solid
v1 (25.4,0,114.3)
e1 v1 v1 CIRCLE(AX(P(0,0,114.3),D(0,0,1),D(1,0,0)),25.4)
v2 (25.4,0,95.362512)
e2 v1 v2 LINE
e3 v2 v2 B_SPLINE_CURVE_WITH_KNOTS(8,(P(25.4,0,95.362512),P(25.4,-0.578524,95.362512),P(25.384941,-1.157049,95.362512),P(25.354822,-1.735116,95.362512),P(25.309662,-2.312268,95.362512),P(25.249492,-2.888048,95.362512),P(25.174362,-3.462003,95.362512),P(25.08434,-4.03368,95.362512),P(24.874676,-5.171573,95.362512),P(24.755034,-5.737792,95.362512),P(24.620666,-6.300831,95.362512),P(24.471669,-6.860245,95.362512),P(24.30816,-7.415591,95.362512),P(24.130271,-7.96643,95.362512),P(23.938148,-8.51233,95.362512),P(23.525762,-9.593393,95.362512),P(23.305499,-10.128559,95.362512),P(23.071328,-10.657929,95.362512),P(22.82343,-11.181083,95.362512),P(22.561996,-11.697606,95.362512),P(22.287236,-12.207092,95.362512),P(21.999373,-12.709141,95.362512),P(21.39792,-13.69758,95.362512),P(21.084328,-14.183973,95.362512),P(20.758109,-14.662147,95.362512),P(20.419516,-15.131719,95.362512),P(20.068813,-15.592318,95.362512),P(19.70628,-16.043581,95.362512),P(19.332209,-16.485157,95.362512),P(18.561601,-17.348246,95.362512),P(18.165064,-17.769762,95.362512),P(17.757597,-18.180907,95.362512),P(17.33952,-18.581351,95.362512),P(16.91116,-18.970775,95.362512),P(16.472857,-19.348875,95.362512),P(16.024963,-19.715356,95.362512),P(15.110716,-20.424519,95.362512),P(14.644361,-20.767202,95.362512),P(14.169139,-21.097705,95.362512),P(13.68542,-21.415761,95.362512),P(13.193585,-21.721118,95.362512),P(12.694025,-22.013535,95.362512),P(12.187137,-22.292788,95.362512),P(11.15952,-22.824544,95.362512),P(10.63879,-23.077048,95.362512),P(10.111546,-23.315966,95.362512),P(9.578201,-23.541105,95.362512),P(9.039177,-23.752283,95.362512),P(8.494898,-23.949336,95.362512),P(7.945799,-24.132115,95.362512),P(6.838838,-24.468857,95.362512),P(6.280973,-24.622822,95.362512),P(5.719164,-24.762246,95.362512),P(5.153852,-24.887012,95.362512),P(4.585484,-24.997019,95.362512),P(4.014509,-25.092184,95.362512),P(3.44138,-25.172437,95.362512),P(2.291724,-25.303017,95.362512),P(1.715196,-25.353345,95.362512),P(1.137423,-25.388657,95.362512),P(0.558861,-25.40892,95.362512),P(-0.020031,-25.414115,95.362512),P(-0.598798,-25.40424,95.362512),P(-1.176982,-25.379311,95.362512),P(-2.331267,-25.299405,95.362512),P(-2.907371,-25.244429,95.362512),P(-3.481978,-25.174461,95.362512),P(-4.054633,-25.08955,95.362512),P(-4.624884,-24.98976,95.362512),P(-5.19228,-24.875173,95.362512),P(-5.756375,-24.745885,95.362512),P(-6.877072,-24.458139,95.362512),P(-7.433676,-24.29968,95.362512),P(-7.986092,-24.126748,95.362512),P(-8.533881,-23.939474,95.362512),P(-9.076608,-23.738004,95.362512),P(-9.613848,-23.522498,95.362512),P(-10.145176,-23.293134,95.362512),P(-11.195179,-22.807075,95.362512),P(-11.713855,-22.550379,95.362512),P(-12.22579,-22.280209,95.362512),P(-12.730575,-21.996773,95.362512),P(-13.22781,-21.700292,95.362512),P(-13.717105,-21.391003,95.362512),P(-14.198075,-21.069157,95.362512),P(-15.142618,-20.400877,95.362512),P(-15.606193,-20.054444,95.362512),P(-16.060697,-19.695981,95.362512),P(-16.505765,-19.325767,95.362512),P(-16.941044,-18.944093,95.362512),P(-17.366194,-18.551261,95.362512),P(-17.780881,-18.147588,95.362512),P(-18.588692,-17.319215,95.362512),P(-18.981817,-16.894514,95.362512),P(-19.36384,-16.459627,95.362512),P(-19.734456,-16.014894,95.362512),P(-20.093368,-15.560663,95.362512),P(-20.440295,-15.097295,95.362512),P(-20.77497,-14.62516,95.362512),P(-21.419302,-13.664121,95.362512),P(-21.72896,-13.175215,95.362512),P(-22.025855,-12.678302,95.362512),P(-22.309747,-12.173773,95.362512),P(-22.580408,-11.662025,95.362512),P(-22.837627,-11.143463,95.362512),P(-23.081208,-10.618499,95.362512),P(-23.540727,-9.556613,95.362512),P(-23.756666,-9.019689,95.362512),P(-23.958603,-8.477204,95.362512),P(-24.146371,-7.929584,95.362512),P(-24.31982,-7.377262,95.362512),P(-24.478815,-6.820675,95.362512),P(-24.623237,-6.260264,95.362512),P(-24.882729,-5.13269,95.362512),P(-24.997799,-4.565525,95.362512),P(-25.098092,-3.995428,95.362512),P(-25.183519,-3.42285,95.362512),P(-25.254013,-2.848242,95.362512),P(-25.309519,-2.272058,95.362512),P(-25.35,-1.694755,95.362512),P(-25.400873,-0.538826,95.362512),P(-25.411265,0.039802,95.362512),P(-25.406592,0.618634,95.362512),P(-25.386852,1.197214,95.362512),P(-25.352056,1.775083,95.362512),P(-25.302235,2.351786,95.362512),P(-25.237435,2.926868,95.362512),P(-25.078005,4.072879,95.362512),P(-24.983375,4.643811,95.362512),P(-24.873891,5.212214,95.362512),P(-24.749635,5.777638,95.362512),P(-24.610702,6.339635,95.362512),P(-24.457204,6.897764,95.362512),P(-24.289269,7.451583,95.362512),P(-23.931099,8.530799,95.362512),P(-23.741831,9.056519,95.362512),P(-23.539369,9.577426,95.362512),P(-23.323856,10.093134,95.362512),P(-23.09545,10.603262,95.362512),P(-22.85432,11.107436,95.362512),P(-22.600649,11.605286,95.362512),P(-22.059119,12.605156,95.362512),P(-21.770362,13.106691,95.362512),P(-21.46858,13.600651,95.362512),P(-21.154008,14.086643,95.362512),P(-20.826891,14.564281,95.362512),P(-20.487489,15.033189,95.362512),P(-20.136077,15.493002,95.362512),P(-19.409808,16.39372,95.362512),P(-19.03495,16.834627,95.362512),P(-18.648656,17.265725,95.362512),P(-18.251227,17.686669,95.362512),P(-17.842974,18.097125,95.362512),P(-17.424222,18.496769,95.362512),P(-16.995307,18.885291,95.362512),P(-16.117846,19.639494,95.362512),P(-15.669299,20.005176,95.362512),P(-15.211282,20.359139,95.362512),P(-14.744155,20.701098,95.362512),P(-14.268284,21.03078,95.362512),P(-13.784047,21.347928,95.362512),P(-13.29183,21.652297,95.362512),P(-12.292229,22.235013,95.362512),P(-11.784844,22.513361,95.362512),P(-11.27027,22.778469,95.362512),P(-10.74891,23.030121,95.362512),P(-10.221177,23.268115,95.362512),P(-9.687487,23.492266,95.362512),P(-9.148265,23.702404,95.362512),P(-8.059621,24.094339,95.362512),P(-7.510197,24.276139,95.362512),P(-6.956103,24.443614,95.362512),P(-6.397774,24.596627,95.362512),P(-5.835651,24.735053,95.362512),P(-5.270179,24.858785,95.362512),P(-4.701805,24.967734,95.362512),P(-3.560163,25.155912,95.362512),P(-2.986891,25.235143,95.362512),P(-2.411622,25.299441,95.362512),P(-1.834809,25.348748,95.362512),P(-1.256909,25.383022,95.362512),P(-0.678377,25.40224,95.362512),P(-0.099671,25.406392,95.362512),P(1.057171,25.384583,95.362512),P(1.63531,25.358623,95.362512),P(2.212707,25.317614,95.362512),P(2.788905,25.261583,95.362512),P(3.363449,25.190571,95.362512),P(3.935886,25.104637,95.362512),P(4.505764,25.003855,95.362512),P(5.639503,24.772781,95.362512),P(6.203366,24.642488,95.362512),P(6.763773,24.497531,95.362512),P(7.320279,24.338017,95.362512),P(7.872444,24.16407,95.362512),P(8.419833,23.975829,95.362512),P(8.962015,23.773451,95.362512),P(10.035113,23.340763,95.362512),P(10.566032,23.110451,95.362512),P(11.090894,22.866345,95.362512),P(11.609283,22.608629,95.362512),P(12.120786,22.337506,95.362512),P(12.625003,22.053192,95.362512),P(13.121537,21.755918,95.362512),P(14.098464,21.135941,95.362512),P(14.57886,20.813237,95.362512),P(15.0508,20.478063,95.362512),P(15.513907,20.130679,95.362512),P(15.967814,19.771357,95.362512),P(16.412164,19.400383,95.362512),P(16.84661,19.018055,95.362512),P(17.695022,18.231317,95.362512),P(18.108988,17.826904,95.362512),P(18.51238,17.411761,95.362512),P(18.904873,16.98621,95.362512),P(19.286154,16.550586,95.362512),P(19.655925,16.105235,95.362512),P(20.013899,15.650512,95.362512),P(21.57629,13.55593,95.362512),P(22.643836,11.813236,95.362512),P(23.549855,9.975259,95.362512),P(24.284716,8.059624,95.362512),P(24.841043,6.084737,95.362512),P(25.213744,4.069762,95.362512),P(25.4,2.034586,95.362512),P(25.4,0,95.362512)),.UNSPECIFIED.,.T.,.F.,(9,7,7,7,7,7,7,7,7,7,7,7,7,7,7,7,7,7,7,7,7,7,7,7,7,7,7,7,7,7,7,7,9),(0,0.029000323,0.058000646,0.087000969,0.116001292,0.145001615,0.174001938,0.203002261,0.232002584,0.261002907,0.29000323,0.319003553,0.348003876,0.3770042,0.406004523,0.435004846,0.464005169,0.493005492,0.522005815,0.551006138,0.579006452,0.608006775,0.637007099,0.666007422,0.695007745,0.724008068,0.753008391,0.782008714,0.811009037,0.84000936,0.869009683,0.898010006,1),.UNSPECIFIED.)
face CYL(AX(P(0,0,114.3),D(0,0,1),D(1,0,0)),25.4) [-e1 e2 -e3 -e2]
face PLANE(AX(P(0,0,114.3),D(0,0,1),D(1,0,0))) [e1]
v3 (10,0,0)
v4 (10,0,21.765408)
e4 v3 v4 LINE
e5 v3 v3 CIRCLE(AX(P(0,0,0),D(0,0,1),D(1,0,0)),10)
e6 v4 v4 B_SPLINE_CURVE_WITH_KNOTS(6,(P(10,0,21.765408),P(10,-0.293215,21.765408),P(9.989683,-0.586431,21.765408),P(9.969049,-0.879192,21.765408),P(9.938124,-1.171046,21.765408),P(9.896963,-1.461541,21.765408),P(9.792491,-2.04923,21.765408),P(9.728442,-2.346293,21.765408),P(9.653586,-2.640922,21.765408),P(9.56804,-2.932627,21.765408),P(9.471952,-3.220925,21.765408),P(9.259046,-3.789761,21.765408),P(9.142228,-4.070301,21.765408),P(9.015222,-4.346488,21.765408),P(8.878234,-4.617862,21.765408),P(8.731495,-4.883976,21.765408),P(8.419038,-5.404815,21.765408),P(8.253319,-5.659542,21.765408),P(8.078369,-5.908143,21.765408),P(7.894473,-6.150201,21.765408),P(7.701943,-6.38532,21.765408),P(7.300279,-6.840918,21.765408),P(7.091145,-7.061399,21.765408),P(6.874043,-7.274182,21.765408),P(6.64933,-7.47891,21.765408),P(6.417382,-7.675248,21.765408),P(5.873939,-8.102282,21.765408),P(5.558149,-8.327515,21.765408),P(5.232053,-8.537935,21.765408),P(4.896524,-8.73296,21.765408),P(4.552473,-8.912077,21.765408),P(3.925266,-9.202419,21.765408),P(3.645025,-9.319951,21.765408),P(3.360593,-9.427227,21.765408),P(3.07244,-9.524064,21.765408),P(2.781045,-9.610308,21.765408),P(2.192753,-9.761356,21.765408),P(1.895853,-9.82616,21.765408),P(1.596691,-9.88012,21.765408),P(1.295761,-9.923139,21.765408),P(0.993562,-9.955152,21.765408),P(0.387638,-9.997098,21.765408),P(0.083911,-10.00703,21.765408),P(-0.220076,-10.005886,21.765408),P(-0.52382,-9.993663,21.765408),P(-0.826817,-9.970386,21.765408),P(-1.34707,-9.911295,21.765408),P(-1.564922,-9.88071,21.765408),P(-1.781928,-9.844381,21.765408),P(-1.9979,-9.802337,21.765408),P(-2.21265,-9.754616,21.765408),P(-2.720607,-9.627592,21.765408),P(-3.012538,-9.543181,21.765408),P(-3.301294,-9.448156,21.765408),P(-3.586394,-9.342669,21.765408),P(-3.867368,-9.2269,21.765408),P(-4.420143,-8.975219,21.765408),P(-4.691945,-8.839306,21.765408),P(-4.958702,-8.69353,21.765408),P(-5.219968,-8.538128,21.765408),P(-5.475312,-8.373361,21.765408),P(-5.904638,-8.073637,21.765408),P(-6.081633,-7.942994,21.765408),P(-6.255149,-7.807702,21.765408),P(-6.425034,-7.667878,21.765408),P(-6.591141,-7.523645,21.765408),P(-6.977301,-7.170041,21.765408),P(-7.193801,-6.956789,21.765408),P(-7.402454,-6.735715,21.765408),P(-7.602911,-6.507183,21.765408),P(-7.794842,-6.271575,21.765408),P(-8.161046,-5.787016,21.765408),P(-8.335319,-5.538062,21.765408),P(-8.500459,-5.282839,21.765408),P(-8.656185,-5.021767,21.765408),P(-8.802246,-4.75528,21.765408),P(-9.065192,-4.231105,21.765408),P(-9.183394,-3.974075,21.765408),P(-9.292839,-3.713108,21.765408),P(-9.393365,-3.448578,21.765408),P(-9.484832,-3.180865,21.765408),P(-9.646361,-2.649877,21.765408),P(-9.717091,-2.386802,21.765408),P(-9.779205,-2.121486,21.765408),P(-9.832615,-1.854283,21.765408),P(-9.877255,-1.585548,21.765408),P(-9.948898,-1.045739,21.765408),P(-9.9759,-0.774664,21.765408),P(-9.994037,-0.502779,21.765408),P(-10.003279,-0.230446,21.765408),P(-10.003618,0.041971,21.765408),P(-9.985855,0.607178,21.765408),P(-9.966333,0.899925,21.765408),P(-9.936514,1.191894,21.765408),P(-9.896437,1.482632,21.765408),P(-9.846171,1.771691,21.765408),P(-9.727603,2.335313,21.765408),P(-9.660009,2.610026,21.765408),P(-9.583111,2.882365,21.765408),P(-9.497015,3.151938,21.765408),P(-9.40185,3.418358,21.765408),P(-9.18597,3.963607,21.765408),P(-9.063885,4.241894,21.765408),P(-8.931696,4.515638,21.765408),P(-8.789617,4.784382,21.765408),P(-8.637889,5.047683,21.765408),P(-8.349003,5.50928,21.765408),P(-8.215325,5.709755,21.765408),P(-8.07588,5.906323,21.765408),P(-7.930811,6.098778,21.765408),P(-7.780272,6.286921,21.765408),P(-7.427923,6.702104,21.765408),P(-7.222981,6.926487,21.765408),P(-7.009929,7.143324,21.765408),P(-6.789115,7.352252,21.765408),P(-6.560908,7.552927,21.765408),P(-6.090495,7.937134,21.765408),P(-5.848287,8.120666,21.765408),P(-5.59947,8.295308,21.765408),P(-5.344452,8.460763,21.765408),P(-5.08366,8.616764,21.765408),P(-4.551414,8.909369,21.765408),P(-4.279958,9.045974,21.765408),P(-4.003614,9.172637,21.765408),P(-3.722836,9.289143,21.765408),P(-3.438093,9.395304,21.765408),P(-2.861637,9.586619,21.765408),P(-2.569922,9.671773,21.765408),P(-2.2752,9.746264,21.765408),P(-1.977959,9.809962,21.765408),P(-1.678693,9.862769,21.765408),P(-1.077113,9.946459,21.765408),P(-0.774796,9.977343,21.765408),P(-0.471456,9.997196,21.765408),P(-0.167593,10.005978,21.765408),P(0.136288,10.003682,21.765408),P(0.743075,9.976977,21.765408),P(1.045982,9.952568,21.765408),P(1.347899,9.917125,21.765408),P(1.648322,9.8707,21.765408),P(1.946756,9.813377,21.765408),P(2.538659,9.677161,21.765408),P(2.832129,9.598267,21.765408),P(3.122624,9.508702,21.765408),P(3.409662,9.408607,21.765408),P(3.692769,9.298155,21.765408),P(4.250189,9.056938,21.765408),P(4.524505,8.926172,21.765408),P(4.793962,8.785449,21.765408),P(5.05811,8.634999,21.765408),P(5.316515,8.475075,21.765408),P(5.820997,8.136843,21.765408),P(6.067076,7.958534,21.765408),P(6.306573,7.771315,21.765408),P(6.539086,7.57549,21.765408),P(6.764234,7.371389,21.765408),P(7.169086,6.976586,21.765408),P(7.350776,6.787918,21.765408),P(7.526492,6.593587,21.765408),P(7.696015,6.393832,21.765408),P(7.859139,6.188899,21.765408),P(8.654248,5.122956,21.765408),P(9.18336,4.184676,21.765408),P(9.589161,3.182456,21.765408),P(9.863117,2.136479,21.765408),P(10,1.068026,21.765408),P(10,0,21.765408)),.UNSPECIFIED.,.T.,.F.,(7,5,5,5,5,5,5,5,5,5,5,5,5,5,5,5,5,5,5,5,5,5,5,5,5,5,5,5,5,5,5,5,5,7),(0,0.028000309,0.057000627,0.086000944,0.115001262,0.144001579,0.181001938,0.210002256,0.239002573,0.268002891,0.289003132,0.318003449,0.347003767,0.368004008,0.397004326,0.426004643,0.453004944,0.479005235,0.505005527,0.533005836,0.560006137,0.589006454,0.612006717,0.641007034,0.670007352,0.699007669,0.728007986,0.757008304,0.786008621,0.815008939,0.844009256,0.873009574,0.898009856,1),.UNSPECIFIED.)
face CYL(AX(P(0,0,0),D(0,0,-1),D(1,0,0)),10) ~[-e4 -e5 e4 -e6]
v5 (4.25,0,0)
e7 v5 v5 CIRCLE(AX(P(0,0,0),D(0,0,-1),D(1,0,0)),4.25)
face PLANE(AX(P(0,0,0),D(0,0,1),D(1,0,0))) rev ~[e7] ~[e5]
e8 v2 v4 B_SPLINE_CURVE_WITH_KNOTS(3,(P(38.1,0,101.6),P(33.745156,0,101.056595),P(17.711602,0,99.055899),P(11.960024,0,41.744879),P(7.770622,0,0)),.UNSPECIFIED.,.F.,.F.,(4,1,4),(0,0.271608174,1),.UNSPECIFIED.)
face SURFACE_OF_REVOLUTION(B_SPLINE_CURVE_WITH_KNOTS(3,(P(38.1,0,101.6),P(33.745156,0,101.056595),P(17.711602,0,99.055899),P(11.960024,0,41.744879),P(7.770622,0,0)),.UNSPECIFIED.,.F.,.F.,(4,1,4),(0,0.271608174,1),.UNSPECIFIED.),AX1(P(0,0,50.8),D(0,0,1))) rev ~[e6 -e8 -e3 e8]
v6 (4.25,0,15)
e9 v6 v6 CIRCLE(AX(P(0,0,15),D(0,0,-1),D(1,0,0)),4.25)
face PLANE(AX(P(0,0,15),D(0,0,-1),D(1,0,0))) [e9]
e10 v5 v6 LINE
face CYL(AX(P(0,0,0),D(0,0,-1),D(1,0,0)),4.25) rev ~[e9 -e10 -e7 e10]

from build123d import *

# Parameters (mm, degrees)
F0_R     = 10
F1_DEPTH = 101.6
F4_R     = 38.1
F5_DEPTH = 12.7
F6_R     = 4.25
F7_DEPTH = 15
F8_R     = 38.1
F8_R_2   = 25.4
F9_DEPTH = 25.4


with BuildPart() as f1:
    # F0 (on Top) → F1 (new body)
    with BuildSketch(Plane.XY):
        Circle(F0_R)
    extrude(amount=F1_DEPTH)

    # F2 (on Front) → F3 (revolve)
    with BuildSketch(Plane.XZ):
        with BuildLine():
            Line((0, 101.6), (0, 0))
            Line((0, 0), (7.7706216834, 0))
            add(Edge.make_bspline(
                [(38.1, 101.6), (33.7451557732, 101.056594794), (17.7116021292, 99.0558994609), (11.960024104, 41.7448789118), (7.7706216834, 0)],
                knots=[0, 0, 0, 0, 0.2716081739, 1, 1, 1, 1], degree=3))
            Line((38.1, 101.6), (0, 101.6))
        make_face()
    revolve(axis=Axis((0, 0, 50.8), (0, 0, 1)))

    # F4 (on face) → F5 (join)
    with BuildSketch(Plane.XY.offset(101.6)):
        Circle(F4_R)
    extrude(amount=F5_DEPTH)

    # F6 (on face) → F7 (cut)
    with BuildSketch(Plane(origin=(0, 0, 0), x_dir=(1, 0, 0), z_dir=(0, 0, -1))):
        Circle(F6_R)
    extrude(amount=-F7_DEPTH, mode=Mode.SUBTRACT)

    # F8 (on face) → F9 (cut)
    with BuildSketch(Plane.XY.offset(114.3)):
        Circle(F8_R)
        Circle(F8_R_2, mode=Mode.SUBTRACT)
    extrude(amount=-F9_DEPTH, mode=Mode.SUBTRACT)


solid = f1.part
